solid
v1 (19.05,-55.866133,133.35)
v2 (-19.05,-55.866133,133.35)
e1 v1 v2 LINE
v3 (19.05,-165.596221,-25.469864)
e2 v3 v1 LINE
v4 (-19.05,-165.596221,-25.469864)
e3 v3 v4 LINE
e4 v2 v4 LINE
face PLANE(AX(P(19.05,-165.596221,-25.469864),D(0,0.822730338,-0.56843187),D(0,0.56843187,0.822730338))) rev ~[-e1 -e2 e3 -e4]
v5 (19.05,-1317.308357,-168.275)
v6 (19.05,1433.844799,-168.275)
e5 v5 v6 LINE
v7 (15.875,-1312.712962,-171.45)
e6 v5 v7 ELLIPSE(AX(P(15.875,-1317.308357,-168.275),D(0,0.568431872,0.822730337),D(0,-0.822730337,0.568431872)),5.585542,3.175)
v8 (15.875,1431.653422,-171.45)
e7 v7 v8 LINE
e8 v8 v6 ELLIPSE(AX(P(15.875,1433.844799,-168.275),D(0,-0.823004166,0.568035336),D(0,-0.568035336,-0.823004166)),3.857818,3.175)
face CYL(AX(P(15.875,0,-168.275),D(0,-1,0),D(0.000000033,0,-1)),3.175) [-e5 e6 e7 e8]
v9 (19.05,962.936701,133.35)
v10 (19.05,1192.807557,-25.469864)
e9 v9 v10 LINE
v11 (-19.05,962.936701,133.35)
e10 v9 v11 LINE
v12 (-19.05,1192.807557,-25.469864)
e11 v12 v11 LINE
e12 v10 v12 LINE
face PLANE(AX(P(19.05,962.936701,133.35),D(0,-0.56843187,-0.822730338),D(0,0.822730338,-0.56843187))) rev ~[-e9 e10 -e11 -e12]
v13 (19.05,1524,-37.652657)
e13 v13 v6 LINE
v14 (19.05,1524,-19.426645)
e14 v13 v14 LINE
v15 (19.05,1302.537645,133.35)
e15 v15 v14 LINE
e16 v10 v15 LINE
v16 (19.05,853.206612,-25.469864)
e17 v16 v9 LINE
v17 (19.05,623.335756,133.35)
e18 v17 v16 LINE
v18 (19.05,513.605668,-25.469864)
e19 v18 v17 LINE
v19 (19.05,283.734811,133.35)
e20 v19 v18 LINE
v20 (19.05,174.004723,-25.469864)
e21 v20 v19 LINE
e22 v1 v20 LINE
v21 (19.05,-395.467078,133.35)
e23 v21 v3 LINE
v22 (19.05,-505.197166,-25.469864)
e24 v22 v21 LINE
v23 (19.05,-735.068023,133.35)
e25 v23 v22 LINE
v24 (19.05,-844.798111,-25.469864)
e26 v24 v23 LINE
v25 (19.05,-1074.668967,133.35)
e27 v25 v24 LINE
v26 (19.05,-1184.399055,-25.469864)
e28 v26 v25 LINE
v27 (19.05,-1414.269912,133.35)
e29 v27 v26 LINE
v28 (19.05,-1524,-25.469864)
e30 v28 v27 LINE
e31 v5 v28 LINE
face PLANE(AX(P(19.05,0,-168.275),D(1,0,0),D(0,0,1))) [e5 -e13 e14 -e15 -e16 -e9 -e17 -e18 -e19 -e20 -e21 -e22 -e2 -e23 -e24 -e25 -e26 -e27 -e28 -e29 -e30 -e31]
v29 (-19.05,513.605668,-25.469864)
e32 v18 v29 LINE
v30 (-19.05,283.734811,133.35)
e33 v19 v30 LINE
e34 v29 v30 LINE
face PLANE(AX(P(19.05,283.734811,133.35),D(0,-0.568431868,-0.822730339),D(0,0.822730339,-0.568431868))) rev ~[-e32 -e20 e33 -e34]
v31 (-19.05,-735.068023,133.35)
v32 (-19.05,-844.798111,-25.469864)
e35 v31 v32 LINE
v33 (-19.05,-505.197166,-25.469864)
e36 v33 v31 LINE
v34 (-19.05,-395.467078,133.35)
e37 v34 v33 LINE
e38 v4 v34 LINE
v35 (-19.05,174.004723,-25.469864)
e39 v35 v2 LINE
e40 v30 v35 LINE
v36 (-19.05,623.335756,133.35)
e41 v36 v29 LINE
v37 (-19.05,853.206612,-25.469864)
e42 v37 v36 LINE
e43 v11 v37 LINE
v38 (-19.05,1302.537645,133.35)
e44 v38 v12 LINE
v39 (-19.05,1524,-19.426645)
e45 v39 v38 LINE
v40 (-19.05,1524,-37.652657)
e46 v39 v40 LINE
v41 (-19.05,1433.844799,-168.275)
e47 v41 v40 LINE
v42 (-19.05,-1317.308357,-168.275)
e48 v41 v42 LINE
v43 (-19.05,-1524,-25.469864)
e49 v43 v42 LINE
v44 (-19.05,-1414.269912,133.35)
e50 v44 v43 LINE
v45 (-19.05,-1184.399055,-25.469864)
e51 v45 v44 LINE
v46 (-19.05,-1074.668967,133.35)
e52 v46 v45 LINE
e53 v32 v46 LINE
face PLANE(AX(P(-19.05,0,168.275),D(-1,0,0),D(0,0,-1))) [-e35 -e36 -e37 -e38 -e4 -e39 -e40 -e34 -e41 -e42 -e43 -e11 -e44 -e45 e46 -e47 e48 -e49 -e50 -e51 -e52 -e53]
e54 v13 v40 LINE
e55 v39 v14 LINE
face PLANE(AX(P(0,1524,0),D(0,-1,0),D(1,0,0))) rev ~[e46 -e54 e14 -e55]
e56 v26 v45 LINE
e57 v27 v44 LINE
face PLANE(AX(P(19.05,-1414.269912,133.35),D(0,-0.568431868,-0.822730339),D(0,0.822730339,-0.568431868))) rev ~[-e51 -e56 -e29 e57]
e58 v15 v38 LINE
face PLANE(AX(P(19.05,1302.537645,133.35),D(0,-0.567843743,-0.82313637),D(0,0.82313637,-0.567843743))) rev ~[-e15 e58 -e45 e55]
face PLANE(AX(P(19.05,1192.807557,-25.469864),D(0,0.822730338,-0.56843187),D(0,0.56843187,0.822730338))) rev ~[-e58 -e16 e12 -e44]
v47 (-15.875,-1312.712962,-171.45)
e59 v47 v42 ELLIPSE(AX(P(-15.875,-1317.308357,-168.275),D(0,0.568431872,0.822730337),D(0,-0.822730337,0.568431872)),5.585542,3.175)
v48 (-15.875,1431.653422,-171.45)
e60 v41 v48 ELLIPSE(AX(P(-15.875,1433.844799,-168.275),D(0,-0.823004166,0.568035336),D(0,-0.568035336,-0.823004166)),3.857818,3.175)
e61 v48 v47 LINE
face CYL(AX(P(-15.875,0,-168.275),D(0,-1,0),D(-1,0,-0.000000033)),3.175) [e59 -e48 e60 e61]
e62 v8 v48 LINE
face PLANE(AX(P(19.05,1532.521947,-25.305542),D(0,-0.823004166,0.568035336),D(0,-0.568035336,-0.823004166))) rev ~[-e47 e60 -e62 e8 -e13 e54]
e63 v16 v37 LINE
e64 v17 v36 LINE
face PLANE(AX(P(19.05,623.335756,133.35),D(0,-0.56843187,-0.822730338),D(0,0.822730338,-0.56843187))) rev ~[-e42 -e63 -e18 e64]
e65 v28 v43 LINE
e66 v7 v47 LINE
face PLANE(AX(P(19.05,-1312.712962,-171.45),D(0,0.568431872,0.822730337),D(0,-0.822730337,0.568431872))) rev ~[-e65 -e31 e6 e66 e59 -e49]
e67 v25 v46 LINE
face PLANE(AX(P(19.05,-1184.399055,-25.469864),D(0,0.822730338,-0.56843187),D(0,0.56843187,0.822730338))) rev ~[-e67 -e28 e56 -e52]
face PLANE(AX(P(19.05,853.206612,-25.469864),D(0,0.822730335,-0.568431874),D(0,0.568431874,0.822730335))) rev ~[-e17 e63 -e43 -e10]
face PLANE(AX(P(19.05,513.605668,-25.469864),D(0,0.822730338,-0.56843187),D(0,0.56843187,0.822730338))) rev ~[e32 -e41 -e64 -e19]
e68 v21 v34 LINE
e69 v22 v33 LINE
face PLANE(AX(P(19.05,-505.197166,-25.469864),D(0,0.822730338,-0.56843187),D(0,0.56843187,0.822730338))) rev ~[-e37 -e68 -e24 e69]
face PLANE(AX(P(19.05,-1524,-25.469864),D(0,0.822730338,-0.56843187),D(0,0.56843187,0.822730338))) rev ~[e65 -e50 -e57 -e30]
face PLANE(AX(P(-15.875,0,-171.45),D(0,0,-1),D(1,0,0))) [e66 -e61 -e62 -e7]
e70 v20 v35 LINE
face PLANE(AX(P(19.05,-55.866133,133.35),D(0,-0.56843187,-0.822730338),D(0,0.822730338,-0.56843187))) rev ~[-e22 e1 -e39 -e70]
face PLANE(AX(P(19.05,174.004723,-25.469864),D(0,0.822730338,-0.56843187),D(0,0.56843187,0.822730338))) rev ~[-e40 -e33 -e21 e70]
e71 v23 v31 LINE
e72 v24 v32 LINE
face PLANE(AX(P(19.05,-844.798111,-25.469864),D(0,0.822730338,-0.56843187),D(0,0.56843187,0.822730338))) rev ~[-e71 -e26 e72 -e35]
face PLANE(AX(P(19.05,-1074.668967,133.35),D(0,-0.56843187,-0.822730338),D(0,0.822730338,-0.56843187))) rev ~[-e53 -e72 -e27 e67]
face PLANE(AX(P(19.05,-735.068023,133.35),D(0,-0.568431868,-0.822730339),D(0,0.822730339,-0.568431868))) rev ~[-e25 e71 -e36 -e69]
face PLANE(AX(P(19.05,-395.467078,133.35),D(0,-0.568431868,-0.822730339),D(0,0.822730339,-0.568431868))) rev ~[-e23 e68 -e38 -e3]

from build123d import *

# Parameters (mm, degrees)
F1_DEPTH = 1524
F3_DEPTH = 38.101


with BuildPart() as f1:
    # F0 (on Front) → F1 (new body, symmetric)
    with BuildSketch(Plane.XZ):
        with BuildLine():
            ThreePointArc((19.05, 168.275), (18.120064, 170.520064), (15.875, 171.45))
            Line((15.875, 171.45), (-15.875, 171.45))
            ThreePointArc((-15.875, 171.45), (-18.120064, 170.520064), (-19.05, 168.275))
            Line((-19.05, 168.275), (-19.05, -168.275))
            ThreePointArc((-19.05, -168.275), (-18.120064, -170.520064), (-15.875, -171.45))
            Line((-15.875, -171.45), (15.875, -171.45))
            ThreePointArc((15.875, -171.45), (18.120064, -170.520064), (19.05, -168.275))
            Line((19.05, -168.275), (19.05, 168.275))
        make_face()
    extrude(amount=F1_DEPTH, both=True)

    # F2 (on face) → F3 (cut, through all)
    with BuildSketch(Plane.YZ.offset(19.05)):
        Polygon((1302.537645, 133.35), (1532.521947, -25.305542), (1431.653422, -171.45), (1726.558447, -171.45), (1726.558447, 297.843307), (-1716.171622, 297.843307), (-1716.171622, -171.45), (-1312.712962, -171.45), (-1524, -25.469864), (-1414.269912, 133.35), (-1184.399055, -25.469864), (-1074.668967, 133.35), (-844.798111, -25.469864), (-735.068023, 133.35), (-505.197166, -25.469864), (-395.467078, 133.35), (-165.596221, -25.469864), (-55.866133, 133.35), (174.004723, -25.469864), (283.734811, 133.35), (513.605668, -25.469864), (623.335756, 133.35), (853.206612, -25.469864), (962.936701, 133.35), (1192.807557, -25.469864), align=None)
    extrude(amount=-F3_DEPTH, mode=Mode.SUBTRACT)


solid = f1.part
